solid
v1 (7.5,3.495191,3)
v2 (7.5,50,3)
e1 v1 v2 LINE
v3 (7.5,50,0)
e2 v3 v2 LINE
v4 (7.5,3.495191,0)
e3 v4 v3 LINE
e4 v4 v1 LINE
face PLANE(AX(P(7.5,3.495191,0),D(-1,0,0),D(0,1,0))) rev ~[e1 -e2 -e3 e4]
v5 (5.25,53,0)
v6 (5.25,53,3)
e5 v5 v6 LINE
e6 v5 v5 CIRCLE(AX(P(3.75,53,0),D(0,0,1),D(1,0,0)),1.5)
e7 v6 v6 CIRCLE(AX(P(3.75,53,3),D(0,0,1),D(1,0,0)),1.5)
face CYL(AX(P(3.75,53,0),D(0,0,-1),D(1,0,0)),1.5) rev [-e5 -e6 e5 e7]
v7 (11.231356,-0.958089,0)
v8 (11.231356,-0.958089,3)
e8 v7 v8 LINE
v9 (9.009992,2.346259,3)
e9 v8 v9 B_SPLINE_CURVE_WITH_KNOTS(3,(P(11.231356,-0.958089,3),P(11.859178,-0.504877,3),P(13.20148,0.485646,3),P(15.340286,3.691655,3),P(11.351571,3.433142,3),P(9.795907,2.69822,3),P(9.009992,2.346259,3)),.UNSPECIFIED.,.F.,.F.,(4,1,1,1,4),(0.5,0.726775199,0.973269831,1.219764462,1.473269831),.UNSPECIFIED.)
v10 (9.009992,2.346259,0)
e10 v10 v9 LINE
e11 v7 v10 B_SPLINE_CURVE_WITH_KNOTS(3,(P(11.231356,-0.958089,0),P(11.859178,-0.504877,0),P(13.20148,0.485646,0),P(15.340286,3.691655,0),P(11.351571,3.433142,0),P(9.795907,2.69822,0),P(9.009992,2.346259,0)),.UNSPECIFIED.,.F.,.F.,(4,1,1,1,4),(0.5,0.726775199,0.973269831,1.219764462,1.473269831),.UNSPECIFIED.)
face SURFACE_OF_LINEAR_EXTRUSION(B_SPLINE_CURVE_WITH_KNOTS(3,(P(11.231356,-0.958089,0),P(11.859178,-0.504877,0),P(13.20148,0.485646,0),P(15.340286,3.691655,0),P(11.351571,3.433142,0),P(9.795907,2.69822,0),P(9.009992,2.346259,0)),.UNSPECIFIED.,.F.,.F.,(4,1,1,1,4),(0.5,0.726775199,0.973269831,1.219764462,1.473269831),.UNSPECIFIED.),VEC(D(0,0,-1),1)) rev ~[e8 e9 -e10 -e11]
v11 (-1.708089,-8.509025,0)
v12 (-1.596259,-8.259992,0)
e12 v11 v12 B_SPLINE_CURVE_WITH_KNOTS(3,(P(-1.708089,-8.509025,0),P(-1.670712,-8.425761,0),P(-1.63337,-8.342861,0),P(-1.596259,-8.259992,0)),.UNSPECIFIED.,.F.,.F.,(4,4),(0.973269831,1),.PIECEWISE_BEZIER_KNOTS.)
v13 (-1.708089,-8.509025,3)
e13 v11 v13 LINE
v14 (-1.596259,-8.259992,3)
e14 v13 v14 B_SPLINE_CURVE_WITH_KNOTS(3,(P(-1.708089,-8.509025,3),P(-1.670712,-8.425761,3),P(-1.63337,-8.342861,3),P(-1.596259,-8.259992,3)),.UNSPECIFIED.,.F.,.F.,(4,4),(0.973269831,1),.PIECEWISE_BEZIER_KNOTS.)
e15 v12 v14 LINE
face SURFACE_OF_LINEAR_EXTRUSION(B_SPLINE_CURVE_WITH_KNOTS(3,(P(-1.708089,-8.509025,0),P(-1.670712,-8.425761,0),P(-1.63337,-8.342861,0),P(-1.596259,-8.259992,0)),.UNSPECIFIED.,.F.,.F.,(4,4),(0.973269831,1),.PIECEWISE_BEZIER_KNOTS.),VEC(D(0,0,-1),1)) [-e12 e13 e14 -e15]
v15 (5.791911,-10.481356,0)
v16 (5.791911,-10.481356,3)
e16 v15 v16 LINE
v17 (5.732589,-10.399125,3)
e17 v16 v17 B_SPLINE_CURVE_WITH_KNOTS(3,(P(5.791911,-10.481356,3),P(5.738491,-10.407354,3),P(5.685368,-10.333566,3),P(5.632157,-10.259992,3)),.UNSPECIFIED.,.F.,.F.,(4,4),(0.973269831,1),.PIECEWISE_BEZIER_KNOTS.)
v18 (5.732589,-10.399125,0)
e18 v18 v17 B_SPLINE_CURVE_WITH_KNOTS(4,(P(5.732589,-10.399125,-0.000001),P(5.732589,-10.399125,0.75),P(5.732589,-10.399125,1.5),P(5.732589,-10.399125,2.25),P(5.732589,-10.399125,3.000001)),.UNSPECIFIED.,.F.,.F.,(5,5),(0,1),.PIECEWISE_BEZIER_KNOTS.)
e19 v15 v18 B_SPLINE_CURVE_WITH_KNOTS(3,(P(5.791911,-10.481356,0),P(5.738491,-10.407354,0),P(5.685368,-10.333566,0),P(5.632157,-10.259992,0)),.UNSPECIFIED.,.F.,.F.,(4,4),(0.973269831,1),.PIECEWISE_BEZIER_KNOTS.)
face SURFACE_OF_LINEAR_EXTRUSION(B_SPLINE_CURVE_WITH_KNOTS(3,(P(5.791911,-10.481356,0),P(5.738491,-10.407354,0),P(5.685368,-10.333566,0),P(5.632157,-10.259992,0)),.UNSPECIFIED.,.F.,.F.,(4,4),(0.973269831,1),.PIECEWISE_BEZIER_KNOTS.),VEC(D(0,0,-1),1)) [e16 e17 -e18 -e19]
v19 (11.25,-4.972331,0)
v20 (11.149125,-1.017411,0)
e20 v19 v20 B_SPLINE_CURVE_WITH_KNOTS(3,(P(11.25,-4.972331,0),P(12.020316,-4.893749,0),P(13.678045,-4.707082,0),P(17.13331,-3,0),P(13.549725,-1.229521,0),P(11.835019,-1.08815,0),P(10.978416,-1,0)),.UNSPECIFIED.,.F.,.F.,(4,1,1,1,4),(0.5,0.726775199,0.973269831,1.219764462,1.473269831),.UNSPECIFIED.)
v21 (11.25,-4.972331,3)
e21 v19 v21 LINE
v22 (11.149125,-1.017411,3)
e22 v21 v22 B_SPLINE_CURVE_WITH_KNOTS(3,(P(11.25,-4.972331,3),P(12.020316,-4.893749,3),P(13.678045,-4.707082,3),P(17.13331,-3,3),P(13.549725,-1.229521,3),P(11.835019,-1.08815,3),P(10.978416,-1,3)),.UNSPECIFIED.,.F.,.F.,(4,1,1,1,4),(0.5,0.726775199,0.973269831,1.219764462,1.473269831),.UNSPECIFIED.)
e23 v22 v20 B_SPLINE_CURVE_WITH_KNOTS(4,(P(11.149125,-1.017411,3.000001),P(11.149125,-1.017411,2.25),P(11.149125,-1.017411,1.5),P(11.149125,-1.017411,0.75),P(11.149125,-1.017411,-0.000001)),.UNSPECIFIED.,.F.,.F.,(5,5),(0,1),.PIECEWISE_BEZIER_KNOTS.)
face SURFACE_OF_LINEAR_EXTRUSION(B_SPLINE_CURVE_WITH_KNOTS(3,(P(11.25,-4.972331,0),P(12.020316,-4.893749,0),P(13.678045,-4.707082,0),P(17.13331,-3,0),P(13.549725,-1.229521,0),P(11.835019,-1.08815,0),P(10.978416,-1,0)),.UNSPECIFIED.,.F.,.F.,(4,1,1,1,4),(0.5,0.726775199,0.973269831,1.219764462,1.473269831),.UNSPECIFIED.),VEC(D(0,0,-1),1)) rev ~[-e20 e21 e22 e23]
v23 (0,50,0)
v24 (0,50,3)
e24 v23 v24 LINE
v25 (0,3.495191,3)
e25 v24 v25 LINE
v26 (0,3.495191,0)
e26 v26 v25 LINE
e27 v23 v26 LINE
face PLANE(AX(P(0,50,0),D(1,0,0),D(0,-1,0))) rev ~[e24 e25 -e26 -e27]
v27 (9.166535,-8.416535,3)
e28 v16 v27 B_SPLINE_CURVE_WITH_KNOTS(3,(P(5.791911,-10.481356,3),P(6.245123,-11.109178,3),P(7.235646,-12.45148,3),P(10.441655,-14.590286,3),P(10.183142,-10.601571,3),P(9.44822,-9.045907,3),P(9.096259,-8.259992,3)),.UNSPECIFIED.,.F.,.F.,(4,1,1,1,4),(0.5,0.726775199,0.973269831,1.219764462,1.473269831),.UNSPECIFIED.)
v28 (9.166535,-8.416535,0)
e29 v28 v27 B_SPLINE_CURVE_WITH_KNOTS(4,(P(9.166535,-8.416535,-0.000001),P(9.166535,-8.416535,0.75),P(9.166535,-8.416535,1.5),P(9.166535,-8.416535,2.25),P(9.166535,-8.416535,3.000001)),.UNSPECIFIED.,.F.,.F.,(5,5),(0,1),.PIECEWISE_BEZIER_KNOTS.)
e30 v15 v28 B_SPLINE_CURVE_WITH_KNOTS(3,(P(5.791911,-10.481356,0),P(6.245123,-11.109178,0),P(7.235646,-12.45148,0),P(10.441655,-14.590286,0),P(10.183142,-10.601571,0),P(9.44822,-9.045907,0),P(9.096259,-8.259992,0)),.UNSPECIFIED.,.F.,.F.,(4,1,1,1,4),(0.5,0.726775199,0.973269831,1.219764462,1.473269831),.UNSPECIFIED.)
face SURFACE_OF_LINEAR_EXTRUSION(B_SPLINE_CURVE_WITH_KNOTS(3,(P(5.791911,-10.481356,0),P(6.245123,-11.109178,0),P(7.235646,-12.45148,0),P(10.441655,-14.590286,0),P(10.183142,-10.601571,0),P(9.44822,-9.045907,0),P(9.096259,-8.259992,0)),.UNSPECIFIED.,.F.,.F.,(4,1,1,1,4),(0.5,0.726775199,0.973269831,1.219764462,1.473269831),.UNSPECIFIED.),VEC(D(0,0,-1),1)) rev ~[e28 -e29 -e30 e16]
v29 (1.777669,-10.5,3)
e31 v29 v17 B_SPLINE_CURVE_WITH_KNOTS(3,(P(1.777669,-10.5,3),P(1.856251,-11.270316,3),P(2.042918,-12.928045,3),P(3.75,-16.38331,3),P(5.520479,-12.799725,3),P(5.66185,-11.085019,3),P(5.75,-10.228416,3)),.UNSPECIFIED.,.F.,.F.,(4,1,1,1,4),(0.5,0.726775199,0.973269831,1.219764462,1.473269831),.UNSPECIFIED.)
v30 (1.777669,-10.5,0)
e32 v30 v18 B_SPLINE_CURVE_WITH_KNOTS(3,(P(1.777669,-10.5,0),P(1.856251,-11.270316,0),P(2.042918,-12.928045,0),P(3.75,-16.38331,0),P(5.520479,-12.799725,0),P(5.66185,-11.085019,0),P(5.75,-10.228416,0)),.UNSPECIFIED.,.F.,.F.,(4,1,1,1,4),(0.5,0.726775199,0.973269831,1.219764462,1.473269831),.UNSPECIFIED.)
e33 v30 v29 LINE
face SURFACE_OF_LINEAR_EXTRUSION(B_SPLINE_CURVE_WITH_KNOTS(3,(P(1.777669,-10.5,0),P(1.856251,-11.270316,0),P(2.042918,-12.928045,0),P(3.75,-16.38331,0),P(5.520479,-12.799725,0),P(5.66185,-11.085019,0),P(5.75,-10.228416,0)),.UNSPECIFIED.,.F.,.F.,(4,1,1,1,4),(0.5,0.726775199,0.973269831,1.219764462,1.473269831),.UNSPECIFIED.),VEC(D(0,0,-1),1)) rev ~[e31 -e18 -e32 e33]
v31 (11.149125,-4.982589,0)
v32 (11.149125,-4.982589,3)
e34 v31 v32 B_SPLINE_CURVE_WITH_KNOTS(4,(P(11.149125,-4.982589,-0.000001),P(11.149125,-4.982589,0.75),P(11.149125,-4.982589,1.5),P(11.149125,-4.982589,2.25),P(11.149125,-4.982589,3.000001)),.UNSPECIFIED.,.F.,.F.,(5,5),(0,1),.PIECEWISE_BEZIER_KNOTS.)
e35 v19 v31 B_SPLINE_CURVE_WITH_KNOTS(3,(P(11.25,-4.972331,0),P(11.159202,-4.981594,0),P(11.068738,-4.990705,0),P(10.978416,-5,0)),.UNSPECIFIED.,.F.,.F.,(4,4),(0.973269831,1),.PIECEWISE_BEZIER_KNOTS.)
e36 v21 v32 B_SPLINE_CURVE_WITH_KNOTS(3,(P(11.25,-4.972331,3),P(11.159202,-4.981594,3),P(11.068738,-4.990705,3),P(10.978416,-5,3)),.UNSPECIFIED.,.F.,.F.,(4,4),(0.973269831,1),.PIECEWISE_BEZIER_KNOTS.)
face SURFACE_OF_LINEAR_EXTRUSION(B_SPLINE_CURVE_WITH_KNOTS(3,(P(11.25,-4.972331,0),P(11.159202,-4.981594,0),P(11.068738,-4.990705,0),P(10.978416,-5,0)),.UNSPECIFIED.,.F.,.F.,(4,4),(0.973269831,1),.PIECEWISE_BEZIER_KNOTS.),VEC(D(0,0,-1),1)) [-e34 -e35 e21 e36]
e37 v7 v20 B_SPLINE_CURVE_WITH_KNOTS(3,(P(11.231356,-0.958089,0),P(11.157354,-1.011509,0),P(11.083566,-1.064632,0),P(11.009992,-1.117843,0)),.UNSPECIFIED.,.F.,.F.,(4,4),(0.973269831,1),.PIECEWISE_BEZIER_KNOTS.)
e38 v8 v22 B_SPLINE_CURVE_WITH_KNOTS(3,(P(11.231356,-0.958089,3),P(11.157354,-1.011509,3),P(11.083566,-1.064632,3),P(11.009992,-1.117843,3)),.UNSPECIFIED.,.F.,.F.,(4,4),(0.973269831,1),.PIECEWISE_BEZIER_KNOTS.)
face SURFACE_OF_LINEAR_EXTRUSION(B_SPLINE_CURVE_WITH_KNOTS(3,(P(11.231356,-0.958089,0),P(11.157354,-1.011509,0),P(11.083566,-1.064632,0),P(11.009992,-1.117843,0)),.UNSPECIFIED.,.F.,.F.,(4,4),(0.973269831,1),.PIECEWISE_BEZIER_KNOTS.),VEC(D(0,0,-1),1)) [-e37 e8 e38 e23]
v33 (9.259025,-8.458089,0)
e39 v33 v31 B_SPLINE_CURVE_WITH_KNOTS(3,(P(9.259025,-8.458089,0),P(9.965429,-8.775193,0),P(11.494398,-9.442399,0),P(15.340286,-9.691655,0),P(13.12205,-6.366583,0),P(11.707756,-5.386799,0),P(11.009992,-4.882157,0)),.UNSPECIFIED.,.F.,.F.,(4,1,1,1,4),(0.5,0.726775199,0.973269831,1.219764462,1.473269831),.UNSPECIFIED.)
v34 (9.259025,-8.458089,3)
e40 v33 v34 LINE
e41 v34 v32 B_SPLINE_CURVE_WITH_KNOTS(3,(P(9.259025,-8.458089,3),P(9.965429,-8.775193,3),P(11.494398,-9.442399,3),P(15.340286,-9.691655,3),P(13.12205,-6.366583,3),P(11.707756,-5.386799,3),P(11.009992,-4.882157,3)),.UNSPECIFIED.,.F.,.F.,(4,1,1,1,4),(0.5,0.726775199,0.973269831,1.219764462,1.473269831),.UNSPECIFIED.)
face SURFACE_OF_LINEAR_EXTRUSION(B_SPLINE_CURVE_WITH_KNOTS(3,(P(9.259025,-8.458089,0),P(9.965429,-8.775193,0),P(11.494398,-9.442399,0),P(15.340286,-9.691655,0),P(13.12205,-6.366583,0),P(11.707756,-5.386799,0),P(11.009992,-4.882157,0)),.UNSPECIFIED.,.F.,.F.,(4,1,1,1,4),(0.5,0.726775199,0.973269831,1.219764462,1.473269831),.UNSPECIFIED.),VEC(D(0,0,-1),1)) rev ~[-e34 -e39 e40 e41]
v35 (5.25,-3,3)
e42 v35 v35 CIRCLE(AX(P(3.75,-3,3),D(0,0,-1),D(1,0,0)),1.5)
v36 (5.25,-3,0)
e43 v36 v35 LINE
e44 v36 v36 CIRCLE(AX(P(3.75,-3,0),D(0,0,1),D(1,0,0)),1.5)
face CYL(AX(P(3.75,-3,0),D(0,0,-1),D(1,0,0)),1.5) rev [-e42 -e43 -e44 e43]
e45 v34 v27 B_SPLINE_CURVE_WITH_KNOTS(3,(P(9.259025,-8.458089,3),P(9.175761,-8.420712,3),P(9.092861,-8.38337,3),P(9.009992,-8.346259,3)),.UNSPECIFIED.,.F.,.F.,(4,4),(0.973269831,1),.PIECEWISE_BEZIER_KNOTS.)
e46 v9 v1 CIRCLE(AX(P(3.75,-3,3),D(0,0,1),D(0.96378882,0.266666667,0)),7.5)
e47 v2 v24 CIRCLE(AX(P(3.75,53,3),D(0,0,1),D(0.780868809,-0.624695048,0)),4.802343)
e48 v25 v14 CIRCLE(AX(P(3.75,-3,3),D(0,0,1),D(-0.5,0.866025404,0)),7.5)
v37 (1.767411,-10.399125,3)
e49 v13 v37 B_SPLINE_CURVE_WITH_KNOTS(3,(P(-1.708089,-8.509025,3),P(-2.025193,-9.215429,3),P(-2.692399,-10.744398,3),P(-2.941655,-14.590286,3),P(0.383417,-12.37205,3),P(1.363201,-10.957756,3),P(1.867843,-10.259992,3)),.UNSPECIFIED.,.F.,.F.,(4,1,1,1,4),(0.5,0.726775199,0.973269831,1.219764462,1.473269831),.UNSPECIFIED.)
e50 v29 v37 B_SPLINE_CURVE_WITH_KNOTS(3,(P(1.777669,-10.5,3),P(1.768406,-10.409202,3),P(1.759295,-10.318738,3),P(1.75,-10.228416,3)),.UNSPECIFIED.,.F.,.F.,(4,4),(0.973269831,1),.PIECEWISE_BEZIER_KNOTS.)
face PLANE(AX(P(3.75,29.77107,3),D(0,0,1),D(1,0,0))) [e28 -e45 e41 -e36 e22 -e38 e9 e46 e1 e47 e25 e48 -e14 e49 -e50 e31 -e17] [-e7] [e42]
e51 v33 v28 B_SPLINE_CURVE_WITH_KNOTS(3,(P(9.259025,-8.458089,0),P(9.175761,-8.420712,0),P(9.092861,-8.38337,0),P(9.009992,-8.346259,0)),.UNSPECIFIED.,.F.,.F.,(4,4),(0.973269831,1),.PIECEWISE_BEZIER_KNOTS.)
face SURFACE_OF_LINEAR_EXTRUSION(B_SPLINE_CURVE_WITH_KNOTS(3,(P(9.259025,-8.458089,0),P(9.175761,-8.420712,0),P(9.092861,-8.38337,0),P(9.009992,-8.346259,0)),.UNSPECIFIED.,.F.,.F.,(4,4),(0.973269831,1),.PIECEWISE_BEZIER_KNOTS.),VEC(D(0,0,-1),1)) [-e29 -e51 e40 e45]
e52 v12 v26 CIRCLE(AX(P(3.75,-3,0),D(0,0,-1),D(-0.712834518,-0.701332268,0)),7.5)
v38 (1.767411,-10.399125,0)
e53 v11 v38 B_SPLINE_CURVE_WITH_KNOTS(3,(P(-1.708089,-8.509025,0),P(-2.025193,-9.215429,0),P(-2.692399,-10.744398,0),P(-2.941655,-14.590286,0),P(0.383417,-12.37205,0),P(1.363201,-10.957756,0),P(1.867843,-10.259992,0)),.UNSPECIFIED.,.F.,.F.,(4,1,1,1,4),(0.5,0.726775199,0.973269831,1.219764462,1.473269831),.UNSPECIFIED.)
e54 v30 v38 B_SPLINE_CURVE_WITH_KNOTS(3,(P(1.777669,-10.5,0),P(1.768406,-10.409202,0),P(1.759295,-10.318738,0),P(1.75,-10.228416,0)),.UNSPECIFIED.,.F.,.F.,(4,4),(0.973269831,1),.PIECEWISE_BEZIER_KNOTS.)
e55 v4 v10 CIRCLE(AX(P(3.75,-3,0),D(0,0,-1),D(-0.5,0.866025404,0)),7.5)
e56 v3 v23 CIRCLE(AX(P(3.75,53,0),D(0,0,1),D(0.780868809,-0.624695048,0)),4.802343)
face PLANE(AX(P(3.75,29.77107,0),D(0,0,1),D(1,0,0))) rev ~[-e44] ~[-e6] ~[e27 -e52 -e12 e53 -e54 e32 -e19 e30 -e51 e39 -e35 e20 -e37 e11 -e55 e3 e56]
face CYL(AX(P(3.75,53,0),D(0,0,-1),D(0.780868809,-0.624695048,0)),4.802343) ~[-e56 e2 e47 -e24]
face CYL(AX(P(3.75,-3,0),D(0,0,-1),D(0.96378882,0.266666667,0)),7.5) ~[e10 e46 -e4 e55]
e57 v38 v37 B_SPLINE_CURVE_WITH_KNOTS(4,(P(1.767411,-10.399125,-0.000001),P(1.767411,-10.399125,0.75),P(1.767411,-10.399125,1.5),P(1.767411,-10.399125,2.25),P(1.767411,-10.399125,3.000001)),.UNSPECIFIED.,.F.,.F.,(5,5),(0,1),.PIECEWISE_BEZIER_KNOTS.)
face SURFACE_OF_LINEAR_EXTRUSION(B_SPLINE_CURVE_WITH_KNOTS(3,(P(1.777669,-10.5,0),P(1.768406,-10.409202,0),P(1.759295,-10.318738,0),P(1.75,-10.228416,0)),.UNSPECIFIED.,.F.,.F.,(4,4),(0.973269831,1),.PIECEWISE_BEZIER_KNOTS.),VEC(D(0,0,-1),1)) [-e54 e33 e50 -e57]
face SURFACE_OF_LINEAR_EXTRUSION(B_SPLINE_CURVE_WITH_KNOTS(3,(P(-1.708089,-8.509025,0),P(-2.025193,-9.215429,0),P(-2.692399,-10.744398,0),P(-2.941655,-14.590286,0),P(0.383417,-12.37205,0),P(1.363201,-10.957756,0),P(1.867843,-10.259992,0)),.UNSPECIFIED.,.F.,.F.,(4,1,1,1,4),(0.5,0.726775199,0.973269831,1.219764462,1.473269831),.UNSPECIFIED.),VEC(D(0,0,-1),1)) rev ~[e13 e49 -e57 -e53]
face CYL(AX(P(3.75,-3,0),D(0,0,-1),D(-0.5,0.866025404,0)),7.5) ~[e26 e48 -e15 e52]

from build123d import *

# Parameters (mm, degrees)
F0_R     = 1.5
F1_DEPTH = 3
F2_COUNT = 5
F2_ANGLE = 120
F3_COUNT = 2
F3_ANGLE = 30
F4_DEPTH = 3


with BuildPart() as f1:
    # F0 (on Top) → F1 (new body)
    with BuildSketch(Plane.XY):
        with BuildLine():
            ThreePointArc((10.9784161474, -5), (11.1817938987, -4.0091776094), (11.25, -3))
            ThreePointArc((11.25, -3), (11.1817938987, -1.9908223906), (10.9784161474, -1))
            ThreePointArc((10.9784161474, -1), (9.6815335073, 1.589870396), (7.5, 3.4951905284))
            ThreePointArc((7.5, 3.4951905284), (3.75, 4.5), (0, 3.4951905284))
            ThreePointArc((0, 3.4951905284), (-0.839870396, -8.9315335073), (10.9784161474, -5))
        make_face()
        with Locations((3.75, -3)):
            Circle(F0_R, mode=Mode.SUBTRACT)
        with BuildLine():
            ThreePointArc((10.9784161474, -1), (11.1817938987, -1.9908223906), (11.25, -3))
            Line((11.25, -3), (15.95, -3))
            add(Edge.make_bspline(
                [(10.9784161474, -1), (11.8350186835, -1.0881504393), (13.5497251572, -1.2295209379), (15.95, -2.4153828237), (15.95, -3)],
                knots=[0, 0, 0, 0, 0.2535053688, 0.5, 0.5, 0.5, 0.5], degree=3))
        make_face()
        with BuildLine():
            Line((15.95, -3), (11.25, -3))
            Line((11.25, -3), (11.25, -4.9723310697))
            add(Edge.make_bspline(
                [(15.95, -3), (15.95, -3.5846171763), (13.6780446635, -4.7070824839), (12.0203156214, -4.8937489666), (11.25, -4.9723310697)],
                knots=[0.5, 0.5, 0.5, 0.5, 0.7464946312, 0.9732698306, 0.9732698306, 0.9732698306, 0.9732698306], degree=3))
        make_face()
        with BuildLine():
            Line((11.25, -4.9723310697), (11.25, -3))
            ThreePointArc((11.25, -3), (11.1817938987, -4.0091776094), (10.9784161474, -5))
            add(Edge.make_bspline(
                [(11.25, -4.9723310697), (11.1592022977, -4.9815936034), (11.0687382223, -4.9907052218), (10.9784161474, -5)],
                knots=[0.9732698306, 0.9732698306, 0.9732698306, 0.9732698306, 1, 1, 1, 1], degree=3))
        make_face()
    extrude(amount=F1_DEPTH)


with BuildPart() as f2_1:
    # F2: instance of F1
    add(f1.part.rotate(Axis((3.75, -3, 3), (0, 0, -1)), 1 * F2_ANGLE / (F2_COUNT - 1)))


with BuildPart() as f2_2:
    # F2: instance of F1
    add(f1.part.rotate(Axis((3.75, -3, 3), (0, 0, -1)), 2 * F2_ANGLE / (F2_COUNT - 1)))


with BuildPart() as f2_3:
    # F2: instance of F1
    add(f1.part.rotate(Axis((3.75, -3, 3), (0, 0, -1)), 3 * F2_ANGLE / (F2_COUNT - 1)))


with BuildPart() as f2_4:
    # F2: instance of F1
    add(f1.part.rotate(Axis((3.75, -3, 3), (0, 0, -1)), 4 * F2_ANGLE / (F2_COUNT - 1)))


with BuildPart() as f3_1:
    # F3: instance of F1
    add(f1.part.rotate(Axis((3.75, -3, 0), (0, 0, 1)), 1 * F3_ANGLE / (F3_COUNT - 1)))


with BuildPart() as f1_1:
    add(f1.part)

    add(f2_1.part)  # F4 merges F2_1

    add(f2_2.part)  # F4 merges F2_2

    add(f2_3.part)  # F4 merges F2_3

    add(f2_4.part)  # F4 merges F2_4

    add(f3_1.part)  # F4 merges F3_1
    # F0 (on Top) → F4 (join)
    with BuildSketch(Plane.XY):
        with BuildLine():
            ThreePointArc((0, 3.4951905284), (3.75, 4.5), (7.5, 3.4951905284))
            Line((7.5, 3.4951905284), (7.5, 50))
            ThreePointArc((7.5, 50), (3.75, 57.8023431781), (0, 50))
            Line((0, 50), (0, 3.4951905284))
        make_face()
        with Locations((3.75, 53)):
            Circle(F0_R, mode=Mode.SUBTRACT)
    extrude(amount=F4_DEPTH)


solid = f1_1.part
